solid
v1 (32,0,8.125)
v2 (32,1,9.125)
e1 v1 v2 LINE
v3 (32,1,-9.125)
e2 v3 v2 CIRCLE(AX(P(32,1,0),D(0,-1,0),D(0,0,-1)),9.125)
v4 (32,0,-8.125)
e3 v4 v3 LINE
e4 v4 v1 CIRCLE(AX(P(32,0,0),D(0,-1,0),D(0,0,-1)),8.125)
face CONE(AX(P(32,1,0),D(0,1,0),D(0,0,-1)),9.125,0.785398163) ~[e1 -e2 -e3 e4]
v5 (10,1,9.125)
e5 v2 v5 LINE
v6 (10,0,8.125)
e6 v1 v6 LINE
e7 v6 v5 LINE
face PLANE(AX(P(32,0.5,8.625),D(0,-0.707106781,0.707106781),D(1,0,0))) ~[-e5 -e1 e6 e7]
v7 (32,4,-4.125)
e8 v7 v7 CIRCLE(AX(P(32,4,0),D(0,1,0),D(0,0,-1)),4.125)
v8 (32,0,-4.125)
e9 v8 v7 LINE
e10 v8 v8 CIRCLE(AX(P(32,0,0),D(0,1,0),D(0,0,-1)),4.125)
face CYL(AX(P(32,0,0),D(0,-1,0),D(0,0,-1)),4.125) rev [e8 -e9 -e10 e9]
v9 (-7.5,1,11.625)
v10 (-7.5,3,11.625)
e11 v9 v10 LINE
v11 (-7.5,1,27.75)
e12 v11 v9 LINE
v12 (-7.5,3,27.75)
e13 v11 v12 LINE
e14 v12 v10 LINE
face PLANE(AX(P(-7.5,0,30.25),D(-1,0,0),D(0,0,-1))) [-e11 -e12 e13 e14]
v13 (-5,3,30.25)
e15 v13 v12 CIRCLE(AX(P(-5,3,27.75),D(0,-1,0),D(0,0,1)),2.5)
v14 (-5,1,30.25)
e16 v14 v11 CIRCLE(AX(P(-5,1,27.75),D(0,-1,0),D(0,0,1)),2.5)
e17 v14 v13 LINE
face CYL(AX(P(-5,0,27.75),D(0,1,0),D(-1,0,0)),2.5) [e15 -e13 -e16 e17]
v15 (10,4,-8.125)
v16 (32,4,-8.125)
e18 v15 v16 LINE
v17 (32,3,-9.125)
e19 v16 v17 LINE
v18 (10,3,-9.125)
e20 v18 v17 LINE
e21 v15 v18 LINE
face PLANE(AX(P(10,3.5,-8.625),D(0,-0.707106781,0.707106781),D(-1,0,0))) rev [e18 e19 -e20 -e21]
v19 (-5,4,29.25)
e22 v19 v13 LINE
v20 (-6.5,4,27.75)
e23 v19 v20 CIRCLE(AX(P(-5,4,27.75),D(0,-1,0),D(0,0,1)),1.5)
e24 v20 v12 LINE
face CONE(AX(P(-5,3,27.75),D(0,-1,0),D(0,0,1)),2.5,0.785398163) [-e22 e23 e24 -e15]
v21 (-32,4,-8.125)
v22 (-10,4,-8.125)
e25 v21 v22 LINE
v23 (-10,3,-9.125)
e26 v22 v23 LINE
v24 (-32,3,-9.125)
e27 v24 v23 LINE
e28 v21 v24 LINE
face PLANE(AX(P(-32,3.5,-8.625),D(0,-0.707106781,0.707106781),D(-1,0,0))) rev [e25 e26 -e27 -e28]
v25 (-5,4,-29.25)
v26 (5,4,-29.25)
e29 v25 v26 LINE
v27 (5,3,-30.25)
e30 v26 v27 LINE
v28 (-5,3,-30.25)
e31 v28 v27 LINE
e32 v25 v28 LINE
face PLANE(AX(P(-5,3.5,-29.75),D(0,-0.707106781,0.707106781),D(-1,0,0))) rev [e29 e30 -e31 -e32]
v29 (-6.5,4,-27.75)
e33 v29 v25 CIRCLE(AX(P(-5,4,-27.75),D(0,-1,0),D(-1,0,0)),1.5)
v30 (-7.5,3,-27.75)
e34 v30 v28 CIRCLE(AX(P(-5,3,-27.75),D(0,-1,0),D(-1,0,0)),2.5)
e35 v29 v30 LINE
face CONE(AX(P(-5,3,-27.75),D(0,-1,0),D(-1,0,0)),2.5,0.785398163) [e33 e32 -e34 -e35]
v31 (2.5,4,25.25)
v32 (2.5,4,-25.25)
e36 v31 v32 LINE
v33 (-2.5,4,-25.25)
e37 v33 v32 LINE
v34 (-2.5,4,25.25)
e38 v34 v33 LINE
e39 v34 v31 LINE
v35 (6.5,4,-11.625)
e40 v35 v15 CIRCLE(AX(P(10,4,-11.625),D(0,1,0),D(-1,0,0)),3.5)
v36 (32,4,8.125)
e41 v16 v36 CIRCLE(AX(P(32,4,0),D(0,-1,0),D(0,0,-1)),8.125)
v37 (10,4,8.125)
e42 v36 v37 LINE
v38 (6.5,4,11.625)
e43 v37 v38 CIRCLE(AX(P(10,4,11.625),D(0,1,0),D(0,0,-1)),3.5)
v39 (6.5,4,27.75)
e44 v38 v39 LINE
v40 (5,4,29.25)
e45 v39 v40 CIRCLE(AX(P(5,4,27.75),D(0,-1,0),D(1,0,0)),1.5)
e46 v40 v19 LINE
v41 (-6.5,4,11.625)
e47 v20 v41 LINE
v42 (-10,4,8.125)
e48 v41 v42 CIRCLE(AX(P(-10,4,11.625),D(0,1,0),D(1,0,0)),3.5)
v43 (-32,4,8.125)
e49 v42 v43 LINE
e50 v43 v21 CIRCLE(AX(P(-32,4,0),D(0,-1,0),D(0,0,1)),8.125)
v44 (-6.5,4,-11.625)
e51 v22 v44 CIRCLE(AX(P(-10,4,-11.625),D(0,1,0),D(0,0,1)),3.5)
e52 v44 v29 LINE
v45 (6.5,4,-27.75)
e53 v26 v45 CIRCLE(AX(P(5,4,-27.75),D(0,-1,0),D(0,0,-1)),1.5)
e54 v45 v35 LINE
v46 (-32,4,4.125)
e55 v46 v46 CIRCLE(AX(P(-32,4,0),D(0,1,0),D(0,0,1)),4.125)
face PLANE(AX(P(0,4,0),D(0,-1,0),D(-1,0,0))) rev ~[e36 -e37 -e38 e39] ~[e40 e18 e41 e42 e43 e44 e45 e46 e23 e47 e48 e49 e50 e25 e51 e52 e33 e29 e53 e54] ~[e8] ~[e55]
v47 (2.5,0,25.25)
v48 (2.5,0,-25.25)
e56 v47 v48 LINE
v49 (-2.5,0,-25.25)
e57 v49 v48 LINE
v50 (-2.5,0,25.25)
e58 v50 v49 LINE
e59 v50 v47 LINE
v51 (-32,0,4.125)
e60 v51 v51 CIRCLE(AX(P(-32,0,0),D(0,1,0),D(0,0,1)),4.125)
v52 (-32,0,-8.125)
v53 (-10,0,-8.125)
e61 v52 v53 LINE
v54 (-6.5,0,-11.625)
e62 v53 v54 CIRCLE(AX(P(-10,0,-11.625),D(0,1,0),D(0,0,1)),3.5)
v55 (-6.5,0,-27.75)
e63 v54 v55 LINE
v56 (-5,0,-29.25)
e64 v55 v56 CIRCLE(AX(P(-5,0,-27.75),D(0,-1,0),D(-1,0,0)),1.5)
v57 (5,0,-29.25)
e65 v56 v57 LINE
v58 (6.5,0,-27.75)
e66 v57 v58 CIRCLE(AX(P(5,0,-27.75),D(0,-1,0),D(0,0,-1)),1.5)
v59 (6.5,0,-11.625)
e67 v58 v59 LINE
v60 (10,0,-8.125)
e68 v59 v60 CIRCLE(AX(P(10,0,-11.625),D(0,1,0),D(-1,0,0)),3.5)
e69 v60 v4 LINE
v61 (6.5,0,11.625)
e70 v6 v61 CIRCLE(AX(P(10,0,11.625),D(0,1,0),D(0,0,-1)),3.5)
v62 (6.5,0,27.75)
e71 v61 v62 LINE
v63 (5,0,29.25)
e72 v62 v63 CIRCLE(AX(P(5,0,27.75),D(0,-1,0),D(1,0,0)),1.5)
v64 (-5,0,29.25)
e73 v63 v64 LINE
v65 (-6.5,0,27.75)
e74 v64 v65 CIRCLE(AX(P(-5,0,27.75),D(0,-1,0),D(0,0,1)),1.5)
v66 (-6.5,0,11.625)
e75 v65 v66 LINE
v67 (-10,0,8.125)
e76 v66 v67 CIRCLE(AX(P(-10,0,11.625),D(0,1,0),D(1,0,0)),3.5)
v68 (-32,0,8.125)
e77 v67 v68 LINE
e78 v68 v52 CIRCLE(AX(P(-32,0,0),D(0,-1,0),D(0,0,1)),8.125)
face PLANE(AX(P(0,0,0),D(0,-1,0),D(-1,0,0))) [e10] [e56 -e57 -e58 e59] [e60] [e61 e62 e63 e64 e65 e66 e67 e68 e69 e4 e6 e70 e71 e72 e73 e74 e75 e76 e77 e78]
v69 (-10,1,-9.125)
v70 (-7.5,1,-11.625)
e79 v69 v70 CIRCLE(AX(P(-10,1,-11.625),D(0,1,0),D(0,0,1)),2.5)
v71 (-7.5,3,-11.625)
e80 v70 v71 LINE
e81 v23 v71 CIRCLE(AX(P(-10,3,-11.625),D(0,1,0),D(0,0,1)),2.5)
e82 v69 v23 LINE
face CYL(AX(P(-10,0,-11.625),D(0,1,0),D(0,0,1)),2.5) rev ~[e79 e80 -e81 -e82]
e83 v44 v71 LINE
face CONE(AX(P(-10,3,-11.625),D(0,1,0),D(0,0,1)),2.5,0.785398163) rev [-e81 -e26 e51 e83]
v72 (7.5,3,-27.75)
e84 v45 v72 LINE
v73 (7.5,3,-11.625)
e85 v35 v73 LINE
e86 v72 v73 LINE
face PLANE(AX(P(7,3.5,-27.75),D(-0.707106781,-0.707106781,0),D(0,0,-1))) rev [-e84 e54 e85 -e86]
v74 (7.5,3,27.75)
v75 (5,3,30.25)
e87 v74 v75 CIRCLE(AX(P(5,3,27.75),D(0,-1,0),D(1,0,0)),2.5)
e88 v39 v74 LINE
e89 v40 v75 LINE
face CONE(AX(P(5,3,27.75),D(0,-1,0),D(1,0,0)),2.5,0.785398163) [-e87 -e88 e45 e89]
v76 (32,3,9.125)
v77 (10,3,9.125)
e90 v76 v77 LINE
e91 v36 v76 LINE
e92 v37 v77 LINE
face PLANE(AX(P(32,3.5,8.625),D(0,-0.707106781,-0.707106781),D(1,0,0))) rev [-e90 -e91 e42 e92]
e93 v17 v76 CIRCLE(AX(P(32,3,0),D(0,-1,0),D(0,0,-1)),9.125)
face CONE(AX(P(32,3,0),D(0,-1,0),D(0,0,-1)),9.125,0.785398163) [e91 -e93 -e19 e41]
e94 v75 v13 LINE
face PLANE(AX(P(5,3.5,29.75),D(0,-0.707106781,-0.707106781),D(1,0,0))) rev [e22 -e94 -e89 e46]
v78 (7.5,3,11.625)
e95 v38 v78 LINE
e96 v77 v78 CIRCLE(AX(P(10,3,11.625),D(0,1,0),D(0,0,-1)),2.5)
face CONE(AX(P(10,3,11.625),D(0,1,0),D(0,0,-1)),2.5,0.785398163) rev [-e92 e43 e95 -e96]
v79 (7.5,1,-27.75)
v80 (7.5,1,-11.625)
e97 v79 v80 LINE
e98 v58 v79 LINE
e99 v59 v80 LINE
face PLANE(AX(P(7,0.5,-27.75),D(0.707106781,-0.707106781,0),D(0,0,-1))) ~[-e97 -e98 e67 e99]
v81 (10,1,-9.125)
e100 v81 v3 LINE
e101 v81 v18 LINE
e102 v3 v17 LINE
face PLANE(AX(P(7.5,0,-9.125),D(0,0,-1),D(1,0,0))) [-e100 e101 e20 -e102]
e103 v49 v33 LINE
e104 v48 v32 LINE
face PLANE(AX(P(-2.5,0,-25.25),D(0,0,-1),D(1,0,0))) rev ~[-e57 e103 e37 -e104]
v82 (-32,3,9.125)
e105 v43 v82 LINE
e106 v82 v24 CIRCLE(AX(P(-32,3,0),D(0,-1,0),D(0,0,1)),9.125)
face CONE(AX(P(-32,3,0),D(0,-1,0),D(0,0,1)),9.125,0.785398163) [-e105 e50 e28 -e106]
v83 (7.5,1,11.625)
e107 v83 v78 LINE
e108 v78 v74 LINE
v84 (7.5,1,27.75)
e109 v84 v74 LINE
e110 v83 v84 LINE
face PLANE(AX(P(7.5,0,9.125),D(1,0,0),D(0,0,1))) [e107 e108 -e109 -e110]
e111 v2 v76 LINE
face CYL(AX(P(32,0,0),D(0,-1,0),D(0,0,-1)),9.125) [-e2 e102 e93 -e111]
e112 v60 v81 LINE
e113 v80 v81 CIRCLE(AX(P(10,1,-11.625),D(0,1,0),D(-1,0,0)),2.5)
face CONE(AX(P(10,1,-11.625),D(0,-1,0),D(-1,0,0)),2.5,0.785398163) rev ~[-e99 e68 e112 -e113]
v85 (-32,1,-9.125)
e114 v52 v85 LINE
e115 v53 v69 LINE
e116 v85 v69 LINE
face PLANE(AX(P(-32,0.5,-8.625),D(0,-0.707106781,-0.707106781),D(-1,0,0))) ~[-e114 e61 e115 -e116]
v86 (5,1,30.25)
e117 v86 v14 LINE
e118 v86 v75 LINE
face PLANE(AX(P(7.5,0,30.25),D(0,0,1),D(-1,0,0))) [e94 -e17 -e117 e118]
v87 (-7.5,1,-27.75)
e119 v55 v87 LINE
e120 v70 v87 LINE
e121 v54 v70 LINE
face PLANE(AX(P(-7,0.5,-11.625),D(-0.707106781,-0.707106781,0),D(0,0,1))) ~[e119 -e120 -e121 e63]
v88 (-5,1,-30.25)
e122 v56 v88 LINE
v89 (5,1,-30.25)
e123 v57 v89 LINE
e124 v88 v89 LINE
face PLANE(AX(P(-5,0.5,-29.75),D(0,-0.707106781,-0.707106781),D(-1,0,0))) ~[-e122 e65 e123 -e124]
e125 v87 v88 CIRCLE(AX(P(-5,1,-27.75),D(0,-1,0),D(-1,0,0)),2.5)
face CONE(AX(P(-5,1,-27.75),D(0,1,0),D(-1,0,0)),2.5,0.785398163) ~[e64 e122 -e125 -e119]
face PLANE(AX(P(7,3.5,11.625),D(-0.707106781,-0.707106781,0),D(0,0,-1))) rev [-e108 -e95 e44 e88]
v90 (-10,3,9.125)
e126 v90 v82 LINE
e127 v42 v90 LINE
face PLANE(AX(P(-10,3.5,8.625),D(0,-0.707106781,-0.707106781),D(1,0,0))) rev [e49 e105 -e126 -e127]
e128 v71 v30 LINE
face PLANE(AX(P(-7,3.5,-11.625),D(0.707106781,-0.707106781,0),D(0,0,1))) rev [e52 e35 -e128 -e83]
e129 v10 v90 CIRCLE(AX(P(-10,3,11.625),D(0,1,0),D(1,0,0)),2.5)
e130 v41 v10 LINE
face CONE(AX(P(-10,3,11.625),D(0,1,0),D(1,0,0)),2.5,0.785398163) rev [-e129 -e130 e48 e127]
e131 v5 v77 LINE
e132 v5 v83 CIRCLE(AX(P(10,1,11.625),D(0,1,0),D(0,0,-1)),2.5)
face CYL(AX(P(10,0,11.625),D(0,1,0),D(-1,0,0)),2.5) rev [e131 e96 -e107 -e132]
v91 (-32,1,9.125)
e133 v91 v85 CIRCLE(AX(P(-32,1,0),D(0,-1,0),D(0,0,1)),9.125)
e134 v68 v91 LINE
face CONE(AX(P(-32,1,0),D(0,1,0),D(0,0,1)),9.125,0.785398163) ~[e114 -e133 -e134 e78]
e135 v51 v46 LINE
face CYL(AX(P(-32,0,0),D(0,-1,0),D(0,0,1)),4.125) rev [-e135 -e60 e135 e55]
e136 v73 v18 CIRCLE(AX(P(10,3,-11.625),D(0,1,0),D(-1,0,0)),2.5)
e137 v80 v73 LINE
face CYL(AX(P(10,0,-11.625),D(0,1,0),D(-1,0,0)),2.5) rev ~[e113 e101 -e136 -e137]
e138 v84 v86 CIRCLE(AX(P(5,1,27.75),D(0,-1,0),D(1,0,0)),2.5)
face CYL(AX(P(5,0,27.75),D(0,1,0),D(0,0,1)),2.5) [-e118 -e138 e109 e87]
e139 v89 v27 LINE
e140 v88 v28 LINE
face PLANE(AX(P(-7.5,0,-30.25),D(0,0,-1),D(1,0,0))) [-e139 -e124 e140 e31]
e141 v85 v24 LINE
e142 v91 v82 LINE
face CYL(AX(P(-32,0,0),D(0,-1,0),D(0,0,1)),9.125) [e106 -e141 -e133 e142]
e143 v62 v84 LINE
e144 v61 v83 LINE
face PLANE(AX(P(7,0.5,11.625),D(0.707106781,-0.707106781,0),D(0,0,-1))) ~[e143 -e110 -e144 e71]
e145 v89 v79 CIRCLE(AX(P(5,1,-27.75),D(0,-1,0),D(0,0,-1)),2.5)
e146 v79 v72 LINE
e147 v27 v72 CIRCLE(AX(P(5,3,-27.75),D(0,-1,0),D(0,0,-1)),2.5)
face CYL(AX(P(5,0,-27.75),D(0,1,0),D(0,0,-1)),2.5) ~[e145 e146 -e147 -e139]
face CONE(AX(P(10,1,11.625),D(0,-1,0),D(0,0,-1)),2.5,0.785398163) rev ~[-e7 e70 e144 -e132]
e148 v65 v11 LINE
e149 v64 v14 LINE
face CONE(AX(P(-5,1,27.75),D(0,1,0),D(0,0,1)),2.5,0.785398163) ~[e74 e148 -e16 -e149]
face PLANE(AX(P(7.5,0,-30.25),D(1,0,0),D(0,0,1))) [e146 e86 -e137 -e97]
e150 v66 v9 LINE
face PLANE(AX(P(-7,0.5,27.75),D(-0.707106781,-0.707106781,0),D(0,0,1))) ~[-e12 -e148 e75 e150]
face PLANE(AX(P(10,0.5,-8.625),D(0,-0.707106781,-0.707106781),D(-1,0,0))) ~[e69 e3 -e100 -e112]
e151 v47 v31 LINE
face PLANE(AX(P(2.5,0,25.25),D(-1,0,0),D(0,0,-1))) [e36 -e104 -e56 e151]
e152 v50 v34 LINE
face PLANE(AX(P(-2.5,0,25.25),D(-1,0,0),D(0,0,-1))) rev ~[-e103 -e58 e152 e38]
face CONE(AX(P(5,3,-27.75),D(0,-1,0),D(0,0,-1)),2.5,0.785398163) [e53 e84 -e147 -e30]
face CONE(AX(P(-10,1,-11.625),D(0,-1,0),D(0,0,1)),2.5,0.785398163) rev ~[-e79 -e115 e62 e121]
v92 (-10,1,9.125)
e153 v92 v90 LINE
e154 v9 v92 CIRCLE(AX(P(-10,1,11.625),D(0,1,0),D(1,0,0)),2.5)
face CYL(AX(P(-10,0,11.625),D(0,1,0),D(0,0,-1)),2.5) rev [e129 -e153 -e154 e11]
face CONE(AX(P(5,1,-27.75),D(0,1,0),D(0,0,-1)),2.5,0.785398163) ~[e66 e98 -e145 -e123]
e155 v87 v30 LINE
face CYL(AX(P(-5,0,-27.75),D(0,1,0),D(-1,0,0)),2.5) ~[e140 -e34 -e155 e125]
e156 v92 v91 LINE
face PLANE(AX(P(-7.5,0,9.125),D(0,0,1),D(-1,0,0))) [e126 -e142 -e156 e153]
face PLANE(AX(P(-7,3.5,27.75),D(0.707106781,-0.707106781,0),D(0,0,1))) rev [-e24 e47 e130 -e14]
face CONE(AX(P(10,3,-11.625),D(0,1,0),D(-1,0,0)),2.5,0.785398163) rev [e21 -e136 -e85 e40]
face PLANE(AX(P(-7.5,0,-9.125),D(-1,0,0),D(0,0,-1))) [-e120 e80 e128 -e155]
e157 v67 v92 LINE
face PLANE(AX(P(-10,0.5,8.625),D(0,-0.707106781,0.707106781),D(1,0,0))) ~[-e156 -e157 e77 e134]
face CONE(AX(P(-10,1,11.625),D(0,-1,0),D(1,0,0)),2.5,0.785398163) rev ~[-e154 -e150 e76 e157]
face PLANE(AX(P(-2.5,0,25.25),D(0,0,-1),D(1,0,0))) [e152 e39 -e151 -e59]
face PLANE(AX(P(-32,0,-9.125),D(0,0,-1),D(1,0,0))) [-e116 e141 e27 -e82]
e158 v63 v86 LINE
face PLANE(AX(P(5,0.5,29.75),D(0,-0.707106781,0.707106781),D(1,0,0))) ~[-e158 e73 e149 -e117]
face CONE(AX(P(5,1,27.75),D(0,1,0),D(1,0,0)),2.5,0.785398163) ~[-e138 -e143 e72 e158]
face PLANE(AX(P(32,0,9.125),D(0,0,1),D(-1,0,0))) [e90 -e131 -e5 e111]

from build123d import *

# Parameters (mm, degrees)
SKETCH1_R           = 4.125
SKETCH1_W           = 5
SKETCH1_H           = 50.5
BOSS_EXTRUDE1_DEPTH = 4
FILLET1_R           = 2.5
CHAMFER1_SIZE       = 1


with BuildPart() as part:
    # Sketch1 → Boss-Extrude1 (new body)
    with BuildSketch(Plane(origin=(0, 0, 0), x_dir=(1, 0, 0), z_dir=(0, 1, 0))):
        with BuildLine():
            Line((-32, 9.125), (-7.5, 9.125))
            Line((-7.5, 9.125), (-7.5, 30.25))
            Line((-7.5, 30.25), (7.5, 30.25))
            Line((7.5, 30.25), (7.5, 9.125))
            Line((7.5, 9.125), (32, 9.125))
            ThreePointArc((32, 9.125), (41.125, 0), (32, -9.125))
            Line((32, -9.125), (7.5, -9.125))
            Line((7.5, -9.125), (7.5, -30.25))
            Line((7.5, -30.25), (-7.5, -30.25))
            Line((-7.5, -30.25), (-7.5, -9.125))
            Line((-7.5, -9.125), (-32, -9.125))
            ThreePointArc((-32, -9.125), (-41.125, 0), (-32, 9.125))
        make_face()
        with Locations(Location((-32, 0, 0), (0, 0, 270))):
            Circle(SKETCH1_R, mode=Mode.SUBTRACT)
        with Locations(Location((32, 0, 0), (0, 0, 90))):
            Circle(SKETCH1_R, mode=Mode.SUBTRACT)
        Rectangle(SKETCH1_W, SKETCH1_H, mode=Mode.SUBTRACT)
    extrude(amount=BOSS_EXTRUDE1_DEPTH)

    # Fillet1
    fillet1_edges = [part.edges().sort_by_distance(p)[0] for p in [
        (-7.5, 2, -9.125),
        (-7.5, 2, -30.25),
        (7.5, 2, -30.25),
        (7.5, 2, -9.125),
        (7.5, 2, 9.125),
        (7.5, 2, 30.25),
        (-7.5, 2, 30.25),
        (-7.5, 2, 9.125),
    ]]
    fillet(fillet1_edges, radius=FILLET1_R)

    # Chamfer1
    chamfer1_edges = [part.edges().sort_by_distance(p)[0] for p in [
        (21, 0, -9.125),
        (41.125, 0, 0),
        (-21, 0, 9.125),
        (-41.125, 0, 0),
        (41.125, 4, 0),
        (21, 4, -9.125),
        (-41.125, 4, 0),
        (-7.5, 0, 19.6875),
        (-7.5, 4, 19.6875),
        (0, 0, 30.25),
        (0, 4, 30.25),
        (-21, 0, -9.125),
        (-7.5, 0, -19.6875),
        (0, 0, -30.25),
        (7.5, 0, -19.6875),
        (21, 0, 9.125),
        (7.5, 0, 19.6875),
        (-6.767766953, 0, -29.517766953),
        (6.767766953, 0, -29.517766953),
        (6.767766953, 0, 29.517766953),
        (-6.767766953, 0, 29.517766953),
        (7.5, 4, 19.6875),
        (21, 4, 9.125),
        (7.5, 4, -19.6875),
        (0, 4, -30.25),
        (-7.5, 4, -19.6875),
        (-21, 4, -9.125),
        (-6.767766953, 4, -29.517766953),
        (6.767766953, 4, -29.517766953),
        (6.767766953, 4, 29.517766953),
        (-6.767766953, 4, 29.517766953),
        (-8.232233047, 0, 9.857233047),
        (-8.232233047, 4, 9.857233047),
        (8.232233047, 0, 9.857233047),
        (8.232233047, 4, 9.857233047),
        (8.232233047, 0, -9.857233047),
        (8.232233047, 4, -9.857233047),
        (-8.232233047, 0, -9.857233047),
        (-8.232233047, 4, -9.857233047),
        (-21, 4, 9.125),
    ]]
    chamfer(chamfer1_edges, length=CHAMFER1_SIZE)


solid = part.part
